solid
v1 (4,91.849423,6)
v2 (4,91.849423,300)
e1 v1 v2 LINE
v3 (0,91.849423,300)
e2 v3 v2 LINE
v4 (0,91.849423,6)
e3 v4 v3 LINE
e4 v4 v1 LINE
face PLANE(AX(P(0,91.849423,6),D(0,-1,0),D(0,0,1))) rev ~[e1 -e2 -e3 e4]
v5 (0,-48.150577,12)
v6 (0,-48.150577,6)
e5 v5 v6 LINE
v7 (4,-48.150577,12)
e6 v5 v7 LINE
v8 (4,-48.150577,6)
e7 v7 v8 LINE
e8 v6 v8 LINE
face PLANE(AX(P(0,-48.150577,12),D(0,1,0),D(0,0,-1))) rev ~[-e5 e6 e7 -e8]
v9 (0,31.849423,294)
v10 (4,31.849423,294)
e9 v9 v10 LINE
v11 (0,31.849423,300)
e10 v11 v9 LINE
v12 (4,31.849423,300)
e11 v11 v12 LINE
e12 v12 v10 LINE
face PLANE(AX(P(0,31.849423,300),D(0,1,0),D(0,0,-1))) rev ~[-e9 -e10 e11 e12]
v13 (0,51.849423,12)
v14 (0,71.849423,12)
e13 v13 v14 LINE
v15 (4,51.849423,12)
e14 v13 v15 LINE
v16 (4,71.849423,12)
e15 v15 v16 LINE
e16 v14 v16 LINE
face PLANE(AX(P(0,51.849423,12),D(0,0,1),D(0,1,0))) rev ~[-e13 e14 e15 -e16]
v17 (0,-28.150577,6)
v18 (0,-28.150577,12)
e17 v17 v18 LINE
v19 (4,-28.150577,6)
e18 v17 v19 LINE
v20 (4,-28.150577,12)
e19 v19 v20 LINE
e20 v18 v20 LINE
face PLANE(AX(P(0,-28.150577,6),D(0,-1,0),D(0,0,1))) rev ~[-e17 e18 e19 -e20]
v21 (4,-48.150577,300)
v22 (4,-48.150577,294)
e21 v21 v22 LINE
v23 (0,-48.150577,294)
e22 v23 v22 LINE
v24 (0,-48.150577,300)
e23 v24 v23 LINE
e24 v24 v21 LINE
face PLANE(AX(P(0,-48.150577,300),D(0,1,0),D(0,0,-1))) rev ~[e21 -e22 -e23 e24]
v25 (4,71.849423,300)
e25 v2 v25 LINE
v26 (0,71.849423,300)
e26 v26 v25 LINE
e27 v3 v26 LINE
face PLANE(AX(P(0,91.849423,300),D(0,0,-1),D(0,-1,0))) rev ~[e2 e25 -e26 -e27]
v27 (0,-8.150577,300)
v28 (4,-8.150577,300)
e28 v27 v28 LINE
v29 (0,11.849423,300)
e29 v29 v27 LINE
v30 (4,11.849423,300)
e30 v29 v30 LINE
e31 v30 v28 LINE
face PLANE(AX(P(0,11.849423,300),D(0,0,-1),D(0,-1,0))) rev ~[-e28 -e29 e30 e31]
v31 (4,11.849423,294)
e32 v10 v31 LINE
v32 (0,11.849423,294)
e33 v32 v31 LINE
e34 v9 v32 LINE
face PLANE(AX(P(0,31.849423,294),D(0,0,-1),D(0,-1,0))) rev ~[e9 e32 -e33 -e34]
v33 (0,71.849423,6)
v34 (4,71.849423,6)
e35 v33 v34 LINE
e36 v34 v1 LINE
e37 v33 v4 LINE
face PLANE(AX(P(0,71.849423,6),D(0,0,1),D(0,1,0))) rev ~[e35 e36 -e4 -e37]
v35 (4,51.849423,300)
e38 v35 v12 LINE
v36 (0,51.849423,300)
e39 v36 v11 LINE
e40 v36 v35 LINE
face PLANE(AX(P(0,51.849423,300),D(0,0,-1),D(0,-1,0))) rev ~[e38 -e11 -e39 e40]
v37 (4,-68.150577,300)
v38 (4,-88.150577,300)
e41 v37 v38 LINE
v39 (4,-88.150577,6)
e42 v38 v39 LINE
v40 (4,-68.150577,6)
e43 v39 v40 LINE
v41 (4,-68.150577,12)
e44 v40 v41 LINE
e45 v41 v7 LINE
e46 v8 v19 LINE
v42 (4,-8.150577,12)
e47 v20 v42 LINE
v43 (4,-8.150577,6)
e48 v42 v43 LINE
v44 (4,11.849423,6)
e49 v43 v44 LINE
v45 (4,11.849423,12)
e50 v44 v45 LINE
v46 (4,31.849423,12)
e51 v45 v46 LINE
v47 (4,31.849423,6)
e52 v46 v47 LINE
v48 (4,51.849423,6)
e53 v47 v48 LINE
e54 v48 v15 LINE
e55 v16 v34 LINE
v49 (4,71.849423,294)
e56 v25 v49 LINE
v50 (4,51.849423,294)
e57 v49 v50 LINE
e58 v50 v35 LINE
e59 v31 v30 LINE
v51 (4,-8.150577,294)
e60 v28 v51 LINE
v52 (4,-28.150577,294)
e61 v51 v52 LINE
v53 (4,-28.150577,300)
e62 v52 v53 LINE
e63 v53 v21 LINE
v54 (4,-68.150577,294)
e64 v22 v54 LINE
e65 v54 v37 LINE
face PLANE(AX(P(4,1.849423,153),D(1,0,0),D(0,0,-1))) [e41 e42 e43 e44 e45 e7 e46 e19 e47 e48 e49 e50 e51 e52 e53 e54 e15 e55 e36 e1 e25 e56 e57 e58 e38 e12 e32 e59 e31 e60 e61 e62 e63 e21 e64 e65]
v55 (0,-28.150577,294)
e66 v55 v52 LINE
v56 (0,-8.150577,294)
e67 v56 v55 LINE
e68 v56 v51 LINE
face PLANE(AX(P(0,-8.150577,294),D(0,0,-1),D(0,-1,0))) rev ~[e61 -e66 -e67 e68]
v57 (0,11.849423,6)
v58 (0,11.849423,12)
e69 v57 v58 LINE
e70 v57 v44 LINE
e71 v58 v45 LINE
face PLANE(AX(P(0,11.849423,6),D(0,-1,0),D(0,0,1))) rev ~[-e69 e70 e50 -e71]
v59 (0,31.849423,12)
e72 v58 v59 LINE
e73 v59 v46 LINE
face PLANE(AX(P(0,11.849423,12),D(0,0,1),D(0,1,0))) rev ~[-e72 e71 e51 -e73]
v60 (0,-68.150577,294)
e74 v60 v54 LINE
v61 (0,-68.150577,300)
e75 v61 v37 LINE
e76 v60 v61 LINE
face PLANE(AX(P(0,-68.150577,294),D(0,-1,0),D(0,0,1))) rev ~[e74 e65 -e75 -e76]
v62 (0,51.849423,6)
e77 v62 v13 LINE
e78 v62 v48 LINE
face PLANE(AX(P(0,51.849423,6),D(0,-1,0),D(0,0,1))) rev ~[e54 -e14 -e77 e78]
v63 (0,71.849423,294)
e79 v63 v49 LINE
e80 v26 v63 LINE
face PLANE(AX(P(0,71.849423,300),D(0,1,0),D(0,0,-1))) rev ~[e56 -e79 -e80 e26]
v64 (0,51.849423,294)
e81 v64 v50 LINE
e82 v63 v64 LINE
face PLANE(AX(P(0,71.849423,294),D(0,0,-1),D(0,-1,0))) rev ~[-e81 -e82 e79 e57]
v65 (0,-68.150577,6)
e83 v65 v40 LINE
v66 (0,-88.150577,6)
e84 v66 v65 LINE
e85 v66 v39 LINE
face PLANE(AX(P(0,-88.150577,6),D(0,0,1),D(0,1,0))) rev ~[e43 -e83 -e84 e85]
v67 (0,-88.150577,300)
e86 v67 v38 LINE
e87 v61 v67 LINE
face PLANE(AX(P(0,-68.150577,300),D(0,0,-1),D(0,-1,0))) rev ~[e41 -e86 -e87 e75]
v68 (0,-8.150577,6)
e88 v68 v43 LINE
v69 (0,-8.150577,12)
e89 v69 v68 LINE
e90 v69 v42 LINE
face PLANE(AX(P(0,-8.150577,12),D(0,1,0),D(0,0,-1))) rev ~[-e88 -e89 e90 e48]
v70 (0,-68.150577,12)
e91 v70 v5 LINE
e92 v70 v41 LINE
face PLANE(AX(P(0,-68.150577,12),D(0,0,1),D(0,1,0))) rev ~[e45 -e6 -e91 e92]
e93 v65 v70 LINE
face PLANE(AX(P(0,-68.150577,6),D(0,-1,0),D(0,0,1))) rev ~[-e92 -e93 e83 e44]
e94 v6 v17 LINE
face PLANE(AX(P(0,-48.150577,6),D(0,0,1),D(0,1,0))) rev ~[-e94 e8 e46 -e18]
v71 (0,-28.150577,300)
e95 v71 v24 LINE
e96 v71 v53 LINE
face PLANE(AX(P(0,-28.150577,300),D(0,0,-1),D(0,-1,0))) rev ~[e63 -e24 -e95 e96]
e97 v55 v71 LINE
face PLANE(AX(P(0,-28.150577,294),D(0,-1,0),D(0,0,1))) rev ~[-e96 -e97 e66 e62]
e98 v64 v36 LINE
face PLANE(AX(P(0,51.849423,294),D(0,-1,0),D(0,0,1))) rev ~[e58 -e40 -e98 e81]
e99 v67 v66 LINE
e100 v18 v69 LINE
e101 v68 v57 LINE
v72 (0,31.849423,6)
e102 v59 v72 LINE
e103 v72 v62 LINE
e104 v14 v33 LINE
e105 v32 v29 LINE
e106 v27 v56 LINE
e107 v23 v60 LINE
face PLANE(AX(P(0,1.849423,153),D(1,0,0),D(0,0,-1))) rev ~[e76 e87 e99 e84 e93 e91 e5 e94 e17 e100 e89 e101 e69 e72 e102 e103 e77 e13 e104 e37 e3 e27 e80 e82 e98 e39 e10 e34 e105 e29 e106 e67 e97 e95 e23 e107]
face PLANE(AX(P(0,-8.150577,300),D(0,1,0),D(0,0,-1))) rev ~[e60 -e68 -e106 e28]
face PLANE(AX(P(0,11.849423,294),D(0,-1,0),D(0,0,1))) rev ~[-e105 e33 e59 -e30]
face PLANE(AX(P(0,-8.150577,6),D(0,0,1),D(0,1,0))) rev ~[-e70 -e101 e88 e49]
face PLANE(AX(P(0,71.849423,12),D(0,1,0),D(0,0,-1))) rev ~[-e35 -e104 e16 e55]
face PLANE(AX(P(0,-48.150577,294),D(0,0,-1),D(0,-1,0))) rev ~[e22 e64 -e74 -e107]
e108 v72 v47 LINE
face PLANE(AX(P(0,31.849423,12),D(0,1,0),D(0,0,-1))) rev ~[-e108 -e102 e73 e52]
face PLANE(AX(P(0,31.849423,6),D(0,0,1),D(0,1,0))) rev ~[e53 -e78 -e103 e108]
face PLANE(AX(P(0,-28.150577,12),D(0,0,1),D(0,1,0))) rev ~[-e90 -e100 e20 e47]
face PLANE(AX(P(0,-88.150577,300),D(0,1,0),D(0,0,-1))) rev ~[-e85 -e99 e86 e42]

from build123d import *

# Parameters (mm, degrees)
BOSS_EXTRUDE1_DEPTH = 4


with BuildPart() as part:
    # Sketch1 → Boss-Extrude1 (new body)
    with BuildSketch(Plane(origin=(0, 0, 0), x_dir=(0, 0, -1), z_dir=(1, 0, 0))):
        Polygon((-294, 71.849422728), (-294, 51.849422728), (-300, 51.849422728), (-300, 31.849422728), (-294, 31.849422728), (-294, 11.849422728), (-300, 11.849422728), (-300, -8.150577272), (-294, -8.150577272), (-294, -28.150577272), (-300, -28.150577272), (-300, -48.150577272), (-294, -48.150577272), (-294, -68.150577272), (-300, -68.150577272), (-300, -88.150577272), (-6, -88.150577272), (-6, -68.150577272), (-12, -68.150577272), (-12, -48.150577272), (-6, -48.150577272), (-6, -28.150577272), (-12, -28.150577272), (-12, -8.150577272), (-6, -8.150577272), (-6, 11.849422728), (-12, 11.849422728), (-12, 31.849422728), (-6, 31.849422728), (-6, 51.849422728), (-12, 51.849422728), (-12, 71.849422728), (-6, 71.849422728), (-6, 91.849422728), (-300, 91.849422728), (-300, 71.849422728), align=None)
    extrude(amount=BOSS_EXTRUDE1_DEPTH)


solid = part.part
